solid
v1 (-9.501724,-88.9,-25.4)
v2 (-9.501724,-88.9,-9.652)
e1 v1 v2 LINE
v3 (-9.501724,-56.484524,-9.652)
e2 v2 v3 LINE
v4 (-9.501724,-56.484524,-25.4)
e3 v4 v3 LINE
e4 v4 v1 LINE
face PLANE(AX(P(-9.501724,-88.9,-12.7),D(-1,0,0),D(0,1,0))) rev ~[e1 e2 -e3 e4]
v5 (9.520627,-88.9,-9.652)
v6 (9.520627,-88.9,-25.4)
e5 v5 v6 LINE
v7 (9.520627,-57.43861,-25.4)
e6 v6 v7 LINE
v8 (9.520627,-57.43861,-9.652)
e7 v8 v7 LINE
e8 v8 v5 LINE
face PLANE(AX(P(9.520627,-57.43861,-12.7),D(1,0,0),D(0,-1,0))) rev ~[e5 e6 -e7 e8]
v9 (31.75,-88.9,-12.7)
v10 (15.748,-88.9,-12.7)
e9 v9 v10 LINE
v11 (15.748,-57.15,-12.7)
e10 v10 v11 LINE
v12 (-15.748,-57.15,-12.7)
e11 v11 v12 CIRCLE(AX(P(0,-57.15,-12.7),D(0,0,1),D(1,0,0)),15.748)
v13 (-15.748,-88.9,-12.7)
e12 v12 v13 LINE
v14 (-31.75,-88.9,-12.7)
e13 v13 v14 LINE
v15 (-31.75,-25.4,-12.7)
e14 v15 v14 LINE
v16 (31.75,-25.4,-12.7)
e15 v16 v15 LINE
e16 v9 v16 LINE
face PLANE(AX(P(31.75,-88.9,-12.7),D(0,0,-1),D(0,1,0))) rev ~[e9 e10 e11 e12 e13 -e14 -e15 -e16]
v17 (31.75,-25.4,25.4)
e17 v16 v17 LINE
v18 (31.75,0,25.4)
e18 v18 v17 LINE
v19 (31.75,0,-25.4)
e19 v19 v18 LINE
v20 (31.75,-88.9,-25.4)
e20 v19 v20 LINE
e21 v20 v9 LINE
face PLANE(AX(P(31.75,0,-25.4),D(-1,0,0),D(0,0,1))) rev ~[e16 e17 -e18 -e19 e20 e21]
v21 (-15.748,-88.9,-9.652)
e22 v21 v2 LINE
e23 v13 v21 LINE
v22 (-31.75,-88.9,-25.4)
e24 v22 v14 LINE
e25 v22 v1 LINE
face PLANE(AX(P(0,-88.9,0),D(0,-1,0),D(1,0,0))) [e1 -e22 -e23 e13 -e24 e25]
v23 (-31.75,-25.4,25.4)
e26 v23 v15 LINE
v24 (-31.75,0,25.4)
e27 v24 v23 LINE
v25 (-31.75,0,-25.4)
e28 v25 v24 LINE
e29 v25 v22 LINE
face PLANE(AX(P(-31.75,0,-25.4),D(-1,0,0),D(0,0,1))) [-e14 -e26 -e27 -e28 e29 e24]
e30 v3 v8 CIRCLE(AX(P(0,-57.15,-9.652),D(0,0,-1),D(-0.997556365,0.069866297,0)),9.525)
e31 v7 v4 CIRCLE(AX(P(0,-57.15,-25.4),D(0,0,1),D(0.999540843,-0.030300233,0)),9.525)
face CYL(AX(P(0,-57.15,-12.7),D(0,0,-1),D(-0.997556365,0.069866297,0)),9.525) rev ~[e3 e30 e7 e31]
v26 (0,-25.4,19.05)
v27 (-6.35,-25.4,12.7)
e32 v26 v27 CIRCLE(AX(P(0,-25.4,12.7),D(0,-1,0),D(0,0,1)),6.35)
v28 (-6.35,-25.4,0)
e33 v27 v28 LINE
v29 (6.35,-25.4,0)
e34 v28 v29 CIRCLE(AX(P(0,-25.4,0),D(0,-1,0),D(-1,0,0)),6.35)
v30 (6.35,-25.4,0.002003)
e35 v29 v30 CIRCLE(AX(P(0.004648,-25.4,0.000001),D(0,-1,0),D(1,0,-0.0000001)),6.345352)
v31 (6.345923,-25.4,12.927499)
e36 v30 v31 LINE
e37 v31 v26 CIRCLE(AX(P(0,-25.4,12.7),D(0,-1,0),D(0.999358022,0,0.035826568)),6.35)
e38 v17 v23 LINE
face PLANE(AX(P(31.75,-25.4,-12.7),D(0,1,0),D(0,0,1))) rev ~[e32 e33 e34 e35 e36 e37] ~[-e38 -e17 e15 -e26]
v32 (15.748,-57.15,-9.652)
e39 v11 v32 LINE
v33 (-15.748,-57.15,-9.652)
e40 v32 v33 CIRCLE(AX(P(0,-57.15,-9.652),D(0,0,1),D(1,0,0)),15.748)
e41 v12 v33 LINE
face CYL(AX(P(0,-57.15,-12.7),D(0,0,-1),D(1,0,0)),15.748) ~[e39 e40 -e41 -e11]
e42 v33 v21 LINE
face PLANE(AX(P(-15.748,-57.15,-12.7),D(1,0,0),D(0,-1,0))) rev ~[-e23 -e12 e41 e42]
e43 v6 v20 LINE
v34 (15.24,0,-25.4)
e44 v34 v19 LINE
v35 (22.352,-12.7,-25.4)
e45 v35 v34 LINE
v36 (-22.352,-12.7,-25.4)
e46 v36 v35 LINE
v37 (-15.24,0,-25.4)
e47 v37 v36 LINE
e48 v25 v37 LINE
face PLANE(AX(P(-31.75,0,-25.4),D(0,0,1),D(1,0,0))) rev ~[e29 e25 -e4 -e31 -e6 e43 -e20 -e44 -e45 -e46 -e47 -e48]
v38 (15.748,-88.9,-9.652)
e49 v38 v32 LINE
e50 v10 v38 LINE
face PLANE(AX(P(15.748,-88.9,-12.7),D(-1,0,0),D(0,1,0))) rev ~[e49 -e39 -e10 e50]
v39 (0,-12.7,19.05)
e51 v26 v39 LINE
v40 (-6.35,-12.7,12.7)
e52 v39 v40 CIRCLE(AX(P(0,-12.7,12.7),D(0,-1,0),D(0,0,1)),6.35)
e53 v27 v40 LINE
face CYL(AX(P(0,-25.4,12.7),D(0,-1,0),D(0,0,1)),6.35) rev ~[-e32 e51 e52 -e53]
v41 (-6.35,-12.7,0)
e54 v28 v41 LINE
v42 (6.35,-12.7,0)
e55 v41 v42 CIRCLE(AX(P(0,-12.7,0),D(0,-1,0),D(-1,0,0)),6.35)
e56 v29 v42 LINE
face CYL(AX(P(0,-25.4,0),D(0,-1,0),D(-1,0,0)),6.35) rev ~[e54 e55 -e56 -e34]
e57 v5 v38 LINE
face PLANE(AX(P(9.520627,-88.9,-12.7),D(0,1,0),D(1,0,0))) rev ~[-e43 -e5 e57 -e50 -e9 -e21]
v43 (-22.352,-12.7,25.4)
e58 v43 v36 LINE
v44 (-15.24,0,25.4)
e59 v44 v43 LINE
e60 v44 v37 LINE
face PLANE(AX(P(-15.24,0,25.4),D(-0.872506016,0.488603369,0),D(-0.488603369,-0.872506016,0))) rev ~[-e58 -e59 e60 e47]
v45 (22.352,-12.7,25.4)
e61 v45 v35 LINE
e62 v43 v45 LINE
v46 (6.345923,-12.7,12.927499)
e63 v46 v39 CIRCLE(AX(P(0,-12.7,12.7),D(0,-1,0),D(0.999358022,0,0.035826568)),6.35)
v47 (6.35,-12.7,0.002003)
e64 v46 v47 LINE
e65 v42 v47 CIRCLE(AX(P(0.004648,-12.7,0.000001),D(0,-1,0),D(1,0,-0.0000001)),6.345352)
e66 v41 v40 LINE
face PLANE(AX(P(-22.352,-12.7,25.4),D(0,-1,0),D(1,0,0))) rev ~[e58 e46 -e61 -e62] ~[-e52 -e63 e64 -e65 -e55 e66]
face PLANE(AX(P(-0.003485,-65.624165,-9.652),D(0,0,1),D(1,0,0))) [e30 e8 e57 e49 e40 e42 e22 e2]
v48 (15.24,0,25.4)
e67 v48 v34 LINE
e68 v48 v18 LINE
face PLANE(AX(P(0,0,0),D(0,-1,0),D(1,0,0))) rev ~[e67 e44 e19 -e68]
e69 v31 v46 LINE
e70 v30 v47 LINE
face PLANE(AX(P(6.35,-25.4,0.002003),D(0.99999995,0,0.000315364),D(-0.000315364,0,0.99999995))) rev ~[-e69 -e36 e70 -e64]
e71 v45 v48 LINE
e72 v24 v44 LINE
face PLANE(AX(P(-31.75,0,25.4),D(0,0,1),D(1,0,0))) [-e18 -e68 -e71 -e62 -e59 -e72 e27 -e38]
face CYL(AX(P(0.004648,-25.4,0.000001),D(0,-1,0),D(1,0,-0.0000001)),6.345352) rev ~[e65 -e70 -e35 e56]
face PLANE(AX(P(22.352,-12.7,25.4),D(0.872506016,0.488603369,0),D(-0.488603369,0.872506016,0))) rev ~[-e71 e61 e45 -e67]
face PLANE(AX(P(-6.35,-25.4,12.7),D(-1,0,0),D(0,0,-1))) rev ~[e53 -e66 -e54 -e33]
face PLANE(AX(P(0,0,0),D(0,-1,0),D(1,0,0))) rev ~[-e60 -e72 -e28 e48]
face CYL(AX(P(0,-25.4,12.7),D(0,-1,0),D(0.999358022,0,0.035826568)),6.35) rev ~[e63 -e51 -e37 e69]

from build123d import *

# Parameters (mm, degrees)
F0_W      = 63.5
F0_H      = 50.8
F1_DEPTH  = 88.9
F2_W      = 63.5
F2_H      = 38.1
F3_DEPTH  = 63.501
F5_DEPTH  = 12.701
F7_DEPTH  = 3.048
F9_DEPTH  = 25.401
F11_DEPTH = 50.801


with BuildPart() as f1:
    # F0 (on Front) → F1 (new body)
    with BuildSketch(Plane.XZ):
        Rectangle(F0_W, F0_H)
    extrude(amount=F1_DEPTH)

    # F2 (on face) → F3 (cut, through all)
    with BuildSketch(Plane.YZ.offset(31.75)):
        with Locations((-57.15, 6.35)):
            Rectangle(F2_W, F2_H)
    extrude(amount=-F3_DEPTH, mode=Mode.SUBTRACT)

    # F4 (on face) → F5 (cut, through all)
    with BuildSketch(Plane.XY.offset(-12.7)):
        with BuildLine():
            Line((0, -88.9), (9.5206265251, -88.9))
            Line((9.5206265251, -88.9), (9.5206265251, -57.4386097176))
            ThreePointArc((9.5206265251, -57.4386097176), (0.4771367105, -47.6369581332), (-9.5017243728, -56.4845235209))
            Line((-9.5017243728, -56.4845235209), (-9.5017243728, -88.9))
            Line((-9.5017243728, -88.9), (0, -88.9))
        make_face()
    extrude(amount=-F5_DEPTH, mode=Mode.SUBTRACT)

    # F6 (on face) → F7 (join)
    with BuildSketch(Plane.XY.offset(-12.7)):
        with BuildLine():
            Line((15.748, -88.9), (15.748, -57.15))
            ThreePointArc((15.748, -57.15), (0, -41.402), (-15.748, -57.15))
            Line((-15.748, -57.15), (-15.748, -88.9))
            Line((-15.748, -88.9), (-9.5017243728, -88.9))
            Line((-9.5017243728, -88.9), (-9.5017243728, -56.4845235209))
            ThreePointArc((-9.5017243728, -56.4845235209), (0.4771367105, -47.6369581332), (9.5206265251, -57.4386097176))
            Line((9.5206265251, -57.4386097176), (9.5206265251, -88.9))
            Line((9.5206265251, -88.9), (15.748, -88.9))
        make_face()
    extrude(amount=F7_DEPTH)

    # F8 (on face) → F9 (cut, through all)
    with BuildSketch(Plane.XZ.offset(25.4)):
        with BuildLine():
            ThreePointArc((6.3459234426, 12.927498704), (4.4089615121, 17.2698532126), (0, 19.05))
            Line((0, 19.05), (0, 12.7))
            Line((0, 12.7), (-6.35, 12.7))
            Line((-6.35, 12.7), (-6.35, 0))
            ThreePointArc((-6.35, 0), (0, -6.35), (6.35, 0))
            ThreePointArc((6.35, 0), (6.3499999211, 0.001001282), (6.3499996842, 0.002002564))
            Line((6.3499996842, 0.002002564), (6.3459234426, 12.927498704))
        make_face()
        with BuildLine():
            Line((0, 12.7), (0, 19.05))
            ThreePointArc((0, 19.05), (-4.4901280605, 17.1901280605), (-6.35, 12.7))
            Line((-6.35, 12.7), (0, 12.7))
        make_face()
    extrude(amount=-F9_DEPTH, mode=Mode.SUBTRACT)

    # F10 (on face) → F11 (cut, through all)
    with BuildSketch(Plane.XY.offset(25.4)):
        Polygon((0, -12.7), (0, 0), (-15.24, 0), (-22.352, -12.7), align=None)
        Polygon((15.24, 0), (0, 0), (0, -12.7), (22.352, -12.7), align=None)
    extrude(amount=-F11_DEPTH, mode=Mode.SUBTRACT)


solid = f1.part
